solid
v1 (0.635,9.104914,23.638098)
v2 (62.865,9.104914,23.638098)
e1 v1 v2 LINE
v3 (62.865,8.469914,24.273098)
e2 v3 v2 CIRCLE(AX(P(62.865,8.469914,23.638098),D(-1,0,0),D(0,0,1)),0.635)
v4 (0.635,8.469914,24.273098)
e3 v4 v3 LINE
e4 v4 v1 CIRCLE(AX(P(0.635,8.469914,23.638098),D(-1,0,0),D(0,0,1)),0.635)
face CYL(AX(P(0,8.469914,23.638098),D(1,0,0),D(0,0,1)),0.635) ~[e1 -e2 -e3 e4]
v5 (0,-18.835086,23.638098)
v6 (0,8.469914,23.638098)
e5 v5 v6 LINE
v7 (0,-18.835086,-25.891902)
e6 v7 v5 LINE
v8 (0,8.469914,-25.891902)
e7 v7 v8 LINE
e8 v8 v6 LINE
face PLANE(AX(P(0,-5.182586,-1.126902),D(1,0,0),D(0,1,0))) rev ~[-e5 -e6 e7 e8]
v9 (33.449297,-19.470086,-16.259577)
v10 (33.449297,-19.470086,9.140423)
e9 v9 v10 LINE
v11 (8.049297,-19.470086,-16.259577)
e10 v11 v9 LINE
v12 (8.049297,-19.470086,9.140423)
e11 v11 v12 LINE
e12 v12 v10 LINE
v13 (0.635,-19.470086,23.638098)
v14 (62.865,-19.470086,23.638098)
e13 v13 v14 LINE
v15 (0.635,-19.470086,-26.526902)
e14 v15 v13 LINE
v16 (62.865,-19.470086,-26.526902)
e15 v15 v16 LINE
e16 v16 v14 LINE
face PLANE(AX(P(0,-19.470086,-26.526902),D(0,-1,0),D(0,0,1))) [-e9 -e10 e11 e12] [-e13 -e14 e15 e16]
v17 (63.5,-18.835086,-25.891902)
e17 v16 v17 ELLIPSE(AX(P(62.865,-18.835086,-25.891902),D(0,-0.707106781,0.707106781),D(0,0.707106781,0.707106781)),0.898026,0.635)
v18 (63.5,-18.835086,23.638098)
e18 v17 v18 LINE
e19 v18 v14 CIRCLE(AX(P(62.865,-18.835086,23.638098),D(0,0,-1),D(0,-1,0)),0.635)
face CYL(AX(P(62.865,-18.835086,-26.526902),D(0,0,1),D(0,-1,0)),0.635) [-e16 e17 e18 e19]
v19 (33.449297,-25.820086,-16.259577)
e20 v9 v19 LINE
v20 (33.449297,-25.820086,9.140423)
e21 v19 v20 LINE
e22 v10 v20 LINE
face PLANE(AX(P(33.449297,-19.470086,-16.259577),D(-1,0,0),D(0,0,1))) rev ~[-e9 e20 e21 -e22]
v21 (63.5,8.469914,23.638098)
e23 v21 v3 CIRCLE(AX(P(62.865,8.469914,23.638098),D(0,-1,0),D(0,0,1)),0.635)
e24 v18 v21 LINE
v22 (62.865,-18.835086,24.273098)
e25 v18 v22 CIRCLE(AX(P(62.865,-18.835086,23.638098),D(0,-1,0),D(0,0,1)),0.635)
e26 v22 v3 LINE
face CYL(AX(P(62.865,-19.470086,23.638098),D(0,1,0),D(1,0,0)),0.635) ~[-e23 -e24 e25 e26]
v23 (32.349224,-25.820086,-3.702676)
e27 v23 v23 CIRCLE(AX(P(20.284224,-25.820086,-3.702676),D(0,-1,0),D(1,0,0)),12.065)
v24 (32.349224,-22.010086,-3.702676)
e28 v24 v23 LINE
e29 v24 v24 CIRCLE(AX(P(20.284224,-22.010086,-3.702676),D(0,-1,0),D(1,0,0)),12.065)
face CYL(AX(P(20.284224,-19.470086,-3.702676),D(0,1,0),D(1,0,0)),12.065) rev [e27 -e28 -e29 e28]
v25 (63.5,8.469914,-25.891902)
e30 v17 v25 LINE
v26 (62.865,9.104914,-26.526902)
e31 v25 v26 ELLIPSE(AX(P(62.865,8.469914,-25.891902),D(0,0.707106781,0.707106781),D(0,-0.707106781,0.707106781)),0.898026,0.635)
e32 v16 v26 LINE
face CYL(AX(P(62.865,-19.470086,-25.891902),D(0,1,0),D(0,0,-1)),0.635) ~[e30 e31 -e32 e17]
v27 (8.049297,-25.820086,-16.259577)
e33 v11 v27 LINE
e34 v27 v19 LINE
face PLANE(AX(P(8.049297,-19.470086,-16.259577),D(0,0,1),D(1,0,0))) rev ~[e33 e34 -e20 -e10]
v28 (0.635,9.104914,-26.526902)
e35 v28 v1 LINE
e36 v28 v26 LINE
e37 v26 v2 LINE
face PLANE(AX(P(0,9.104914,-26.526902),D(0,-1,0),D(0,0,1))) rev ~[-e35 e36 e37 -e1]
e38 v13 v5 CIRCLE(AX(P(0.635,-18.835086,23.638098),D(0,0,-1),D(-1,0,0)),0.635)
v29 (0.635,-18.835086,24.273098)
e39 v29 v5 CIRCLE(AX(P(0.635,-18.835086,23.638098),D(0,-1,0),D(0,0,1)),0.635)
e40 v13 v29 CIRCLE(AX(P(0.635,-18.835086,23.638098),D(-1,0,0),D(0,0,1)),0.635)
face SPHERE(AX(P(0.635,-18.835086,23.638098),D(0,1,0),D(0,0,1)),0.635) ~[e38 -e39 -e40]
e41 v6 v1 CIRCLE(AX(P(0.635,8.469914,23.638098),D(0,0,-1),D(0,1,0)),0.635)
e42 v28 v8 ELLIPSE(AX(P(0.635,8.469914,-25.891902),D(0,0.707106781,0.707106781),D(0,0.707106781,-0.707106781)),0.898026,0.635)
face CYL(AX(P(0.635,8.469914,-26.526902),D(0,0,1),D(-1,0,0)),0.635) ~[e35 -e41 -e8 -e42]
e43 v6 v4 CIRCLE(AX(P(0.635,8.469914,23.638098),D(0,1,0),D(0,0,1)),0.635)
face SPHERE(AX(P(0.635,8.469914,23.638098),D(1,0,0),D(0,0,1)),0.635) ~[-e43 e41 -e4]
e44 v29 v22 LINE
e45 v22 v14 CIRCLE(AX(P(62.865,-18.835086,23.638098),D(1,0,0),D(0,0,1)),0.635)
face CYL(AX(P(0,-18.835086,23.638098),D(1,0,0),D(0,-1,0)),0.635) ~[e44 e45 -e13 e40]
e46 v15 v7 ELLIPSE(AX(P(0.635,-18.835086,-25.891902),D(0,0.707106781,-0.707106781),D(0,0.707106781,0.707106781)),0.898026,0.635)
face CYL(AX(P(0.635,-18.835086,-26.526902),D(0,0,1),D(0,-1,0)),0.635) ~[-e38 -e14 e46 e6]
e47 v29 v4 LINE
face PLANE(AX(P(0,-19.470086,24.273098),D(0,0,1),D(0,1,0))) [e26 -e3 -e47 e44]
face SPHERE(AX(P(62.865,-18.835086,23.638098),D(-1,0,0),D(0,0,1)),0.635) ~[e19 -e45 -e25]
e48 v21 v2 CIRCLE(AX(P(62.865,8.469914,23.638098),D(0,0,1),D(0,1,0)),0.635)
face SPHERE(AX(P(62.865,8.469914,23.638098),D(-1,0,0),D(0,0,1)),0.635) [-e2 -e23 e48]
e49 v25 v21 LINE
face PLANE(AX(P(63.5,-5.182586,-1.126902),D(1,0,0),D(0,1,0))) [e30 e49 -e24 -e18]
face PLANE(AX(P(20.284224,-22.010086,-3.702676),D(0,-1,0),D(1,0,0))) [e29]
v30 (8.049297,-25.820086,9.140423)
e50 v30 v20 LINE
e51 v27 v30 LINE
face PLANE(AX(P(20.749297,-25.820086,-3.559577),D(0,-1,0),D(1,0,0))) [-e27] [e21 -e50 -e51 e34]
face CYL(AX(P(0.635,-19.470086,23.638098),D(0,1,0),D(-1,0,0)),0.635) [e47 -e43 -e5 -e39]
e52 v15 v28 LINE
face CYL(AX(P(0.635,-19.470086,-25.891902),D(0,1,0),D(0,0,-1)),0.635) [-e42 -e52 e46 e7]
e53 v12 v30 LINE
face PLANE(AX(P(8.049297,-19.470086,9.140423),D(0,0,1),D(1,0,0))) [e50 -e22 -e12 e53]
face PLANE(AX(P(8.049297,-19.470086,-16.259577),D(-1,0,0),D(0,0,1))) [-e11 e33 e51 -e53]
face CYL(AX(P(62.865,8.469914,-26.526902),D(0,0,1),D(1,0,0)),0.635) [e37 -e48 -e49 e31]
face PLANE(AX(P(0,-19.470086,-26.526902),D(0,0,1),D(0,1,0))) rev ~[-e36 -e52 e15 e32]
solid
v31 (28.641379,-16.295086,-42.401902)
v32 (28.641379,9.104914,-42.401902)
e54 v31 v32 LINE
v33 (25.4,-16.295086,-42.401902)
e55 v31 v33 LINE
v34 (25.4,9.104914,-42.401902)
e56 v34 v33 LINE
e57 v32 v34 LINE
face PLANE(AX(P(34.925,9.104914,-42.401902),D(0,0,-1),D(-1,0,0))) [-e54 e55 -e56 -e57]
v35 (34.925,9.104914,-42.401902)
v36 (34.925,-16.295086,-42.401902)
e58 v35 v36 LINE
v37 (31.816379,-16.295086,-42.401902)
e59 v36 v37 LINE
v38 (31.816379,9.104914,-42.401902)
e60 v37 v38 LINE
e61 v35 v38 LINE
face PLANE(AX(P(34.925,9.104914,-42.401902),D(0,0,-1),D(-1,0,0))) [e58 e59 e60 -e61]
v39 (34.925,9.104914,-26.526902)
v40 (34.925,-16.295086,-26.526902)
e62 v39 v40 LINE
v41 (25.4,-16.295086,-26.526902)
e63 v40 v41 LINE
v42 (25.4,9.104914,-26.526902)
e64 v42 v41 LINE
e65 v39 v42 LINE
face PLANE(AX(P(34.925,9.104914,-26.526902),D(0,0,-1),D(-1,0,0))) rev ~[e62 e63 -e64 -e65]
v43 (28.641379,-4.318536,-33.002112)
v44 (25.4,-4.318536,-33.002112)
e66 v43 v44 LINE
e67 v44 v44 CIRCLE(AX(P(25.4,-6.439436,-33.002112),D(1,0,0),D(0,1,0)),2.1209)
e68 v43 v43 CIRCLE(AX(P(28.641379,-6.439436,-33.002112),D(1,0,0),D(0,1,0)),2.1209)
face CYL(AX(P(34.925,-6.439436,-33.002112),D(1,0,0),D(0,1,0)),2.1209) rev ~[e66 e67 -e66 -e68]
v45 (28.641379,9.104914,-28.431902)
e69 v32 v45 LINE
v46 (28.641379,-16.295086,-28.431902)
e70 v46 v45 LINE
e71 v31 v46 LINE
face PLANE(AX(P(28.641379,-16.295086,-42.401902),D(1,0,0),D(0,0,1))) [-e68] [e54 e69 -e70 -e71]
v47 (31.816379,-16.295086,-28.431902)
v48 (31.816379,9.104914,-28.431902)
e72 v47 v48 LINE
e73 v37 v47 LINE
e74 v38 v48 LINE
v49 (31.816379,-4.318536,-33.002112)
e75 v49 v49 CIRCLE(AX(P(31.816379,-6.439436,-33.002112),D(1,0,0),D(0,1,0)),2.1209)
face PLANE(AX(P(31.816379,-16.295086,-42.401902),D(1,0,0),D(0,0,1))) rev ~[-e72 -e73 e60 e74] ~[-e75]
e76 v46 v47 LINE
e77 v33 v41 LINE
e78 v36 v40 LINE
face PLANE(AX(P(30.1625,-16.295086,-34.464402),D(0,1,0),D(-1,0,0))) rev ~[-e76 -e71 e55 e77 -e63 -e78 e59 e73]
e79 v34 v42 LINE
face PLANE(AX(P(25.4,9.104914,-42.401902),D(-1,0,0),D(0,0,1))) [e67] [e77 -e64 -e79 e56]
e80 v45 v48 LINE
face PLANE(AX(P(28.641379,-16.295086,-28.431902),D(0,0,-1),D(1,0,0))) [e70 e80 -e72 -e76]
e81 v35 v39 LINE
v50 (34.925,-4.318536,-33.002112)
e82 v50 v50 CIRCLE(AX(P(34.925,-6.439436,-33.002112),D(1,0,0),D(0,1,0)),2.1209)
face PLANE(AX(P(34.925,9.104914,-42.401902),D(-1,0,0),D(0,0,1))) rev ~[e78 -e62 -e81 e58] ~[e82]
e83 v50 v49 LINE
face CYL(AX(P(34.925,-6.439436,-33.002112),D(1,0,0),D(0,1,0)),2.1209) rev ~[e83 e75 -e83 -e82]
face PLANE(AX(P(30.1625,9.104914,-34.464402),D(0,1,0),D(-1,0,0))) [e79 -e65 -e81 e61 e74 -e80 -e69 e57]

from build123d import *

# Parameters (mm, degrees)
F0_W      = 28.575
F0_H      = 50.8
F1_DEPTH  = 63.5
F2_W      = 9.525
F2_H      = 15.875
F3_DEPTH  = 25.4
F4_R      = 2.1209
F5_DEPTH  = 25.4
F6_W      = 25.4
F6_H      = 25.4
F6_R      = 12.065
F7_DEPTH  = 6.35
F7_FACE_R = 12.065
F8_DEPTH  = 2.54
F9_W      = 3.175
F9_H      = 13.97
F10_DEPTH = 25.4
F11_R     = 0.635


with BuildPart() as f1:
    # F0 (on Right) → F1 (new body)
    with BuildSketch(Plane.YZ):
        with Locations((-5.182586, -1.126902)):
            Rectangle(F0_W, F0_H)
    extrude(amount=F1_DEPTH)

    # F6 (on face) → F7 (join)
    with BuildSketch(Plane.XZ.offset(19.470086)):
        with Locations((20.749297, -3.559577)):
            Rectangle(F6_W, F6_H)
        with Locations((20.284224, -3.702676)):
            Circle(F6_R, mode=Mode.SUBTRACT)
    extrude(amount=F7_DEPTH)

    # F7_face (on face) → F8 (join)
    with BuildSketch(Plane(origin=(20.284224, -19.470086, -3.702676), x_dir=(1, 0, 0), z_dir=(0, -1, 0))):
        Circle(F7_FACE_R)
    extrude(amount=F8_DEPTH)

    # F11
    f11_edges = [f1.edges().sort_by_distance(p)[0] for p in [
        (31.75, 9.104914, 24.273098),
        (0, -5.182586, 24.273098),
        (31.75, -19.470086, 24.273098),
        (63.5, -5.182586, 24.273098),
        (0, -19.470086, -1.126902),
        (0, -5.182586, -26.526902),
        (0, 9.104914, -1.126902),
        (63.5, -19.470086, -1.126902),
        (63.5, 9.104914, -1.126902),
        (63.5, -5.182586, -26.526902),
    ]]
    fillet(f11_edges, radius=F11_R)


with BuildPart() as f3:
    # F2 (on face) → F3 (new body)
    with BuildSketch(Plane(origin=(0, 9.104914, 0), x_dir=(-1, 0, 0), z_dir=(0, 1, 0))):
        with Locations((-30.1625, -34.464402)):
            Rectangle(F2_W, F2_H)
    extrude(amount=-F3_DEPTH)

    # F4 (on face) → F5 (cut)
    with BuildSketch(Plane.YZ.offset(34.925)):
        with Locations((-6.439436, -33.002112)):
            Circle(F4_R)
    extrude(amount=-F5_DEPTH, mode=Mode.SUBTRACT)

    # F9 (on face) → F10 (cut)
    with BuildSketch(Plane.XZ.offset(16.295086)):
        with Locations((30.228879, -35.416902)):
            Rectangle(F9_W, F9_H)
    extrude(amount=-F10_DEPTH, mode=Mode.SUBTRACT)


solid = Compound([f1.part, f3.part])
